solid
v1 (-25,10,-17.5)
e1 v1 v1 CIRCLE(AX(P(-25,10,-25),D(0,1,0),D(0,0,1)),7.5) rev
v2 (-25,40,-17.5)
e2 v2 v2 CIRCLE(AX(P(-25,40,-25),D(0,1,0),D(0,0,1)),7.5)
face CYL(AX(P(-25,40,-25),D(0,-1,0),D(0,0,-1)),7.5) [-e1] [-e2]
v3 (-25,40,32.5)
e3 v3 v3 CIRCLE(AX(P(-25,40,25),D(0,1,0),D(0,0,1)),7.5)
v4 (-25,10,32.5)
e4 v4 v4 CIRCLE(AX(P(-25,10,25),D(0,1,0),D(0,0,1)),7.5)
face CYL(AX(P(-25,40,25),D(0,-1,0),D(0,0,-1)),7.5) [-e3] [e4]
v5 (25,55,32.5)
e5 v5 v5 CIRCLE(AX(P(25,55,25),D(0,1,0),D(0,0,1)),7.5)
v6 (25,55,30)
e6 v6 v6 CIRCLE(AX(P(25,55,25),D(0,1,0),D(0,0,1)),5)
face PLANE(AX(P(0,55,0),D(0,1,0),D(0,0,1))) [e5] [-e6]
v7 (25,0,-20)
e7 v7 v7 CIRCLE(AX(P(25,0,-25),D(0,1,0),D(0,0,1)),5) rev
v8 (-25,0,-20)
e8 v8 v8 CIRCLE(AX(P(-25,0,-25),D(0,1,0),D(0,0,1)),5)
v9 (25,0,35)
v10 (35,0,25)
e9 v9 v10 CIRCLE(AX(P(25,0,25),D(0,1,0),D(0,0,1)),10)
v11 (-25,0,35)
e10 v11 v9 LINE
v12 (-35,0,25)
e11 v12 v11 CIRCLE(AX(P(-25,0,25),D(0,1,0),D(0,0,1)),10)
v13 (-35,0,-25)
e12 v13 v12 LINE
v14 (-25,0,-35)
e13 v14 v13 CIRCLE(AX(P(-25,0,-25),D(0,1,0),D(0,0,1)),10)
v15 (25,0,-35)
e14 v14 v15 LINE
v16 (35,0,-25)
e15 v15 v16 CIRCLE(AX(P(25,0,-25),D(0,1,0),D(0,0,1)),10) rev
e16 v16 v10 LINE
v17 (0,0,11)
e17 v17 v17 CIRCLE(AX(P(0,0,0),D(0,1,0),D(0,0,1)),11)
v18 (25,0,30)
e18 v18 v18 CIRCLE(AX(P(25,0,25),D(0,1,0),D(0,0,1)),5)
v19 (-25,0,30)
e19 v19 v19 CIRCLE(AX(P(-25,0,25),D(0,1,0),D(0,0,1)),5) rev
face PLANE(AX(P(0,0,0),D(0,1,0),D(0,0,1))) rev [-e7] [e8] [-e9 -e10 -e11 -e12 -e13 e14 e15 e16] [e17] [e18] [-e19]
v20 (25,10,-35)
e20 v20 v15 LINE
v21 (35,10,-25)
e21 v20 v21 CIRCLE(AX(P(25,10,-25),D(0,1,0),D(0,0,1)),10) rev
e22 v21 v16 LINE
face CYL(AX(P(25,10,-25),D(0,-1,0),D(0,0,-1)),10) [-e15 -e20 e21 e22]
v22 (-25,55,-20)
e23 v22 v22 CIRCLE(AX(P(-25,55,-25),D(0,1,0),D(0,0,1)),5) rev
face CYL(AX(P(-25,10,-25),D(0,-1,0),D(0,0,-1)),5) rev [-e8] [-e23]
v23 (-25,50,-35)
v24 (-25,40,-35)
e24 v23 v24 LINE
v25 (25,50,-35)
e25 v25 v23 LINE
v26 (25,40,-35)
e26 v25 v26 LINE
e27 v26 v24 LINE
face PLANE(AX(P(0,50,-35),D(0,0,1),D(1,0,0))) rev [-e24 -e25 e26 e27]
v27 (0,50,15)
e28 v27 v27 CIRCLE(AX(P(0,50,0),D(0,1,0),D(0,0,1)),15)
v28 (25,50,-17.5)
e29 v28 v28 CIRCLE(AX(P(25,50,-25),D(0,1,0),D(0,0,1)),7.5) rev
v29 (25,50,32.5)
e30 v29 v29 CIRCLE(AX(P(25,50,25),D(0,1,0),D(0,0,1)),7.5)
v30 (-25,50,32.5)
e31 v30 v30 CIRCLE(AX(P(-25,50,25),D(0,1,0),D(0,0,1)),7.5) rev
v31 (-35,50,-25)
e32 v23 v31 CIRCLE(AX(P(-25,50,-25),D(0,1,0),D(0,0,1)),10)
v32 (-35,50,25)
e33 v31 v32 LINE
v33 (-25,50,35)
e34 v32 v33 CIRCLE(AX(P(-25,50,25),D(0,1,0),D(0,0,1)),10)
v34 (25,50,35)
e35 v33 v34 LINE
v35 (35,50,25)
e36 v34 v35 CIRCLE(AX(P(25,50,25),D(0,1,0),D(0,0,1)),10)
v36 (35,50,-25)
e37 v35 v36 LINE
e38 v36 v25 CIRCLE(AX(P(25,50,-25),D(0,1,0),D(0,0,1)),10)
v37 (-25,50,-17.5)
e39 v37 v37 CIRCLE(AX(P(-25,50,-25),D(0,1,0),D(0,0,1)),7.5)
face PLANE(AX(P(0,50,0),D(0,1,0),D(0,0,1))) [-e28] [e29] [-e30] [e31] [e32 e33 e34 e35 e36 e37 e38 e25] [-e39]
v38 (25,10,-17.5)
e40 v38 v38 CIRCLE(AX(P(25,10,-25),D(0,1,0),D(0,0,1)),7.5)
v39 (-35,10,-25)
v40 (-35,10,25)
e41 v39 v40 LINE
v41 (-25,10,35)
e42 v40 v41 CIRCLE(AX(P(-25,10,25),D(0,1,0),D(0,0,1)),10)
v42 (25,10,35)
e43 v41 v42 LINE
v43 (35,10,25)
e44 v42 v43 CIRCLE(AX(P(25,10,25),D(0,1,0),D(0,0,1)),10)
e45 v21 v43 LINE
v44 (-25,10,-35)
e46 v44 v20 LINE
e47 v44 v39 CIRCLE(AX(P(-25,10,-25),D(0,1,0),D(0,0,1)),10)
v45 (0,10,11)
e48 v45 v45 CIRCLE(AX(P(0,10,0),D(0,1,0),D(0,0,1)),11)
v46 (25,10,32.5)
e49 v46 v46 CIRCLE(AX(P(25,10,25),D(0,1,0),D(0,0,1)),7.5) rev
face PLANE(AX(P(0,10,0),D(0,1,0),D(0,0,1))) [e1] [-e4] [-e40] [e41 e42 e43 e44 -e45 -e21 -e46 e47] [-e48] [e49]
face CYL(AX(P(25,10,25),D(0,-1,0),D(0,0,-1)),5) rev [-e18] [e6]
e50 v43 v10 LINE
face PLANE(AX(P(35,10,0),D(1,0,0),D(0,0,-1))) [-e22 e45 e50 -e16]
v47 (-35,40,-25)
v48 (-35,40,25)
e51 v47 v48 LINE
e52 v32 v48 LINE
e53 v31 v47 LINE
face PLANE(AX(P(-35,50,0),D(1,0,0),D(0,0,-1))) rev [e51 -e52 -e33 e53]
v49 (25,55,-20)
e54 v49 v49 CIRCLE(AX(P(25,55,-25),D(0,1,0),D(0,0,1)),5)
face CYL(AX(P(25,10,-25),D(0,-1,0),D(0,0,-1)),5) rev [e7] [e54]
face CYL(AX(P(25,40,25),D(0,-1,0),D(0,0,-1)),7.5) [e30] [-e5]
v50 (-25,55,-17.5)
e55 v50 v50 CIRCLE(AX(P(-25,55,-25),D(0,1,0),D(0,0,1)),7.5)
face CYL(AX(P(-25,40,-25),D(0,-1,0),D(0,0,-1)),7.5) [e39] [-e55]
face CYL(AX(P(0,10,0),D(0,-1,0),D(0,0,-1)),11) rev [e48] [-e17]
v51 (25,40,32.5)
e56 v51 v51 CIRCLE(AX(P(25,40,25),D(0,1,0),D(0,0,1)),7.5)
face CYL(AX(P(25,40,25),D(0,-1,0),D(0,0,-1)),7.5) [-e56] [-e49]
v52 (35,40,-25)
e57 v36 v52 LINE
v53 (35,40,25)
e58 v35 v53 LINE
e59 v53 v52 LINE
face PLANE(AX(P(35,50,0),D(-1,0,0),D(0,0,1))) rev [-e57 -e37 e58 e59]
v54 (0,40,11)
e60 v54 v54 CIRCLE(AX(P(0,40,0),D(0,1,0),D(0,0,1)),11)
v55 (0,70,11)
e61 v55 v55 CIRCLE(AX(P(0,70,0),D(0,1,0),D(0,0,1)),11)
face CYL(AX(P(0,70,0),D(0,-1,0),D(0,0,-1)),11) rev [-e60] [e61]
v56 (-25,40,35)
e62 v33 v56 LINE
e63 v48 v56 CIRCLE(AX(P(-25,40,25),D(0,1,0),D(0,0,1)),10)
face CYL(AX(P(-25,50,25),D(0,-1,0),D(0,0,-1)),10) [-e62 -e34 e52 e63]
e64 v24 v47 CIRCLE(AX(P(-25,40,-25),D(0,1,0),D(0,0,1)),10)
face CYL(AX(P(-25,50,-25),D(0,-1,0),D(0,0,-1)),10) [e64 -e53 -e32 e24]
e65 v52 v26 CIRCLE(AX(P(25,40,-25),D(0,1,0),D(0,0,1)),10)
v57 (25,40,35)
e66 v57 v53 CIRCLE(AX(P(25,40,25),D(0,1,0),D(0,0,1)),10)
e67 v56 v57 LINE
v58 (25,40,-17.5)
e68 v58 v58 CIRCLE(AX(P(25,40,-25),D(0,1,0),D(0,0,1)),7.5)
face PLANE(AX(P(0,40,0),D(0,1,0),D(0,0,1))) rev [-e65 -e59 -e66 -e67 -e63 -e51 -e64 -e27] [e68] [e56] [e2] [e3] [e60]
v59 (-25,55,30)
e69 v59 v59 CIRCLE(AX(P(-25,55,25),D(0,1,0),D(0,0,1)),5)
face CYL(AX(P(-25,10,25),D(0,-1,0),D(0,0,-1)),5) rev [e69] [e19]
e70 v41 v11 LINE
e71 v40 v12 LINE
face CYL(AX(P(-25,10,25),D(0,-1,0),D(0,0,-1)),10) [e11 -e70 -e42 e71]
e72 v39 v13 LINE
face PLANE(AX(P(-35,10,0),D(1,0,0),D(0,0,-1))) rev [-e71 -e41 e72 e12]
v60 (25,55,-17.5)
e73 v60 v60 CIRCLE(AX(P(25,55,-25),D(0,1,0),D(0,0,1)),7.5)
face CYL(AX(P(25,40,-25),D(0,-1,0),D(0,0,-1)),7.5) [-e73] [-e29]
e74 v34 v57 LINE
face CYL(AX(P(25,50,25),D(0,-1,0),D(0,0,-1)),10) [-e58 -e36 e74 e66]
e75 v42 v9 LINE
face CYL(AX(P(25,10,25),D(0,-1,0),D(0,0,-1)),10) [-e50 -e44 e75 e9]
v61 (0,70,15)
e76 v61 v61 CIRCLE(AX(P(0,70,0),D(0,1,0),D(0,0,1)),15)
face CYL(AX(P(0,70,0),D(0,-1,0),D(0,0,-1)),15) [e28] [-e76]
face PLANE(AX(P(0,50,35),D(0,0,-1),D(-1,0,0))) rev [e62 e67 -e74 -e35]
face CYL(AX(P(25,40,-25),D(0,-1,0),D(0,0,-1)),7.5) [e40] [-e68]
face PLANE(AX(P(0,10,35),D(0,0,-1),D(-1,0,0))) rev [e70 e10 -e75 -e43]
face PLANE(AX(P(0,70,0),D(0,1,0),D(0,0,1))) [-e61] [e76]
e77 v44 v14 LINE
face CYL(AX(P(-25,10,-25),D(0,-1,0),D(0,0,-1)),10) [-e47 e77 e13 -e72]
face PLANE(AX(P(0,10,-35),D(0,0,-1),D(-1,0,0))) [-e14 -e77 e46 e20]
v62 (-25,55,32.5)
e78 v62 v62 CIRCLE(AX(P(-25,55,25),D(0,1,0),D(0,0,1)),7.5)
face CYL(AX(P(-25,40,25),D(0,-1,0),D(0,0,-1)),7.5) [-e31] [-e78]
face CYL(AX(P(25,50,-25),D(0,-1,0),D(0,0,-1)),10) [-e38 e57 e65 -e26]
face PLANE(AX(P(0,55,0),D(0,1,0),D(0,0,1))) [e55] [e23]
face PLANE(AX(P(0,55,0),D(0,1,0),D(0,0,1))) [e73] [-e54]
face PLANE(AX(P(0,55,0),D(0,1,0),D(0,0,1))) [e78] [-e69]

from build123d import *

# Parameters (mm, degrees)
SKETCH1_R           = 5
SKETCH1_R_2         = 11
BOSS_EXTRUDE1_DEPTH = 10
SKETCH1_5_R         = 7.5
SKETCH1_5_R_2       = 5
BOSS_EXTRUDE2_DEPTH = 40
SKETCH2_R           = 7.5
SKETCH2_R_2         = 15
BOSS_EXTRUDE5_DEPTH = 10
SKETCH2_6_R         = 7.5
SKETCH2_6_R_2       = 5
BOSS_EXTRUDE6_DEPTH = 15
SKETCH2_7_R         = 15
SKETCH2_7_R_2       = 11
BOSS_EXTRUDE7_DEPTH = 30


with BuildPart() as part:
    # Sketch1 → Boss-Extrude1 (new body)
    with BuildSketch(Plane(origin=(0, 0, 0), x_dir=(1, 0, 0), z_dir=(0, 1, 0))):
        with BuildLine():
            Line((25, 35), (-25, 35))
            ThreePointArc((-25, 35), (-32.071067812, 32.071067812), (-35, 25))
            Line((-35, 25), (-35, -25))
            ThreePointArc((-35, -25), (-32.071067812, -32.071067812), (-25, -35))
            Line((-25, -35), (25, -35))
            ThreePointArc((25, -35), (32.071067812, -32.071067812), (35, -25))
            Line((35, -25), (35, 25))
            ThreePointArc((35, 25), (32.071067812, 32.071067812), (25, 35))
        make_face()
        with Locations((-25, -25)):
            Circle(SKETCH1_R, mode=Mode.SUBTRACT)
        with Locations((25, -25)):
            Circle(SKETCH1_R, mode=Mode.SUBTRACT)
        with Locations((-25, 25)):
            Circle(SKETCH1_R, mode=Mode.SUBTRACT)
        Circle(SKETCH1_R_2, mode=Mode.SUBTRACT)
        with Locations((25, 25)):
            Circle(SKETCH1_R, mode=Mode.SUBTRACT)
    extrude(amount=BOSS_EXTRUDE1_DEPTH)

    # Sketch1<5> → Boss-Extrude2 (add)
    # profile 1 of 4: a face of its own
    with BuildSketch(Plane(origin=(0, 0, 0), x_dir=(1, 0, 0), z_dir=(0, 1, 0))):
        with Locations((-25, 25)):
            Circle(SKETCH1_5_R)
        with Locations((-25, 25)):
            Circle(SKETCH1_5_R_2, mode=Mode.SUBTRACT)
    # profile 2 of 4: a face of its own
    with BuildSketch(Plane(origin=(0, 0, 0), x_dir=(1, 0, 0), z_dir=(0, 1, 0))):
        with Locations((25, 25)):
            Circle(SKETCH1_5_R)
        with Locations((25, 25)):
            Circle(SKETCH1_5_R_2, mode=Mode.SUBTRACT)
    # profile 3 of 4: a face of its own
    with BuildSketch(Plane(origin=(0, 0, 0), x_dir=(1, 0, 0), z_dir=(0, 1, 0))):
        with Locations((25, -25)):
            Circle(SKETCH1_5_R)
        with Locations((25, -25)):
            Circle(SKETCH1_5_R_2, mode=Mode.SUBTRACT)
    # profile 4 of 4: a face of its own
    with BuildSketch(Plane(origin=(0, 0, 0), x_dir=(1, 0, 0), z_dir=(0, 1, 0))):
        with Locations((-25, -25)):
            Circle(SKETCH1_5_R)
        with Locations((-25, -25)):
            Circle(SKETCH1_5_R_2, mode=Mode.SUBTRACT)
    extrude(amount=BOSS_EXTRUDE2_DEPTH)



with BuildPart() as body_2:
    # Sketch2 → Boss-Extrude5 (new body)
    with BuildSketch(Plane(origin=(0, 40, 0), x_dir=(1, 0, 0), z_dir=(0, 1, 0))):
        with BuildLine():
            ThreePointArc((35, 25), (32.071067812, 32.071067812), (25, 35))
            Line((25, 35), (-25, 35))
            ThreePointArc((-25, 35), (-32.071067812, 32.071067812), (-35, 25))
            Line((-35, 25), (-35, -25))
            ThreePointArc((-35, -25), (-32.071067812, -32.071067812), (-25, -35))
            Line((-25, -35), (25, -35))
            ThreePointArc((25, -35), (32.071067812, -32.071067812), (35, -25))
            Line((35, -25), (35, 25))
        make_face()
        with Locations((-25, -25)):
            Circle(SKETCH2_R, mode=Mode.SUBTRACT)
        with Locations((25, -25)):
            Circle(SKETCH2_R, mode=Mode.SUBTRACT)
        with Locations((-25, 25)):
            Circle(SKETCH2_R, mode=Mode.SUBTRACT)
        Circle(SKETCH2_R_2, mode=Mode.SUBTRACT)
        with Locations((25, 25)):
            Circle(SKETCH2_R, mode=Mode.SUBTRACT)
    extrude(amount=BOSS_EXTRUDE5_DEPTH)


with BuildPart() as part_1:
    add(part.part)

    add(body_2.part)  # Boss-Extrude6 merges body 2
    # Sketch2<6> → Boss-Extrude6 (add)
    # profile 1 of 4: a face of its own
    with BuildSketch(Plane(origin=(0, 40, 0), x_dir=(1, 0, 0), z_dir=(0, 1, 0))):
        with Locations((25, 25)):
            Circle(SKETCH2_6_R)
        with Locations((25, 25)):
            Circle(SKETCH2_6_R_2, mode=Mode.SUBTRACT)
    # profile 2 of 4: a face of its own
    with BuildSketch(Plane(origin=(0, 40, 0), x_dir=(1, 0, 0), z_dir=(0, 1, 0))):
        with Locations((25, -25)):
            Circle(SKETCH2_6_R)
        with Locations((25, -25)):
            Circle(SKETCH2_6_R_2, mode=Mode.SUBTRACT)
    # profile 3 of 4: a face of its own
    with BuildSketch(Plane(origin=(0, 40, 0), x_dir=(1, 0, 0), z_dir=(0, 1, 0))):
        with Locations((-25, -25)):
            Circle(SKETCH2_6_R)
        with Locations((-25, -25)):
            Circle(SKETCH2_6_R_2, mode=Mode.SUBTRACT)
    # profile 4 of 4: a face of its own
    with BuildSketch(Plane(origin=(0, 40, 0), x_dir=(1, 0, 0), z_dir=(0, 1, 0))):
        with Locations((-25, 25)):
            Circle(SKETCH2_6_R)
        with Locations((-25, 25)):
            Circle(SKETCH2_6_R_2, mode=Mode.SUBTRACT)
    extrude(amount=BOSS_EXTRUDE6_DEPTH)

    # Sketch2<7> → Boss-Extrude7 (add)
    with BuildSketch(Plane(origin=(0, 40, 0), x_dir=(1, 0, 0), z_dir=(0, 1, 0))):
        Circle(SKETCH2_7_R)
        Circle(SKETCH2_7_R_2, mode=Mode.SUBTRACT)
    extrude(amount=BOSS_EXTRUDE7_DEPTH)


solid = part_1.part
